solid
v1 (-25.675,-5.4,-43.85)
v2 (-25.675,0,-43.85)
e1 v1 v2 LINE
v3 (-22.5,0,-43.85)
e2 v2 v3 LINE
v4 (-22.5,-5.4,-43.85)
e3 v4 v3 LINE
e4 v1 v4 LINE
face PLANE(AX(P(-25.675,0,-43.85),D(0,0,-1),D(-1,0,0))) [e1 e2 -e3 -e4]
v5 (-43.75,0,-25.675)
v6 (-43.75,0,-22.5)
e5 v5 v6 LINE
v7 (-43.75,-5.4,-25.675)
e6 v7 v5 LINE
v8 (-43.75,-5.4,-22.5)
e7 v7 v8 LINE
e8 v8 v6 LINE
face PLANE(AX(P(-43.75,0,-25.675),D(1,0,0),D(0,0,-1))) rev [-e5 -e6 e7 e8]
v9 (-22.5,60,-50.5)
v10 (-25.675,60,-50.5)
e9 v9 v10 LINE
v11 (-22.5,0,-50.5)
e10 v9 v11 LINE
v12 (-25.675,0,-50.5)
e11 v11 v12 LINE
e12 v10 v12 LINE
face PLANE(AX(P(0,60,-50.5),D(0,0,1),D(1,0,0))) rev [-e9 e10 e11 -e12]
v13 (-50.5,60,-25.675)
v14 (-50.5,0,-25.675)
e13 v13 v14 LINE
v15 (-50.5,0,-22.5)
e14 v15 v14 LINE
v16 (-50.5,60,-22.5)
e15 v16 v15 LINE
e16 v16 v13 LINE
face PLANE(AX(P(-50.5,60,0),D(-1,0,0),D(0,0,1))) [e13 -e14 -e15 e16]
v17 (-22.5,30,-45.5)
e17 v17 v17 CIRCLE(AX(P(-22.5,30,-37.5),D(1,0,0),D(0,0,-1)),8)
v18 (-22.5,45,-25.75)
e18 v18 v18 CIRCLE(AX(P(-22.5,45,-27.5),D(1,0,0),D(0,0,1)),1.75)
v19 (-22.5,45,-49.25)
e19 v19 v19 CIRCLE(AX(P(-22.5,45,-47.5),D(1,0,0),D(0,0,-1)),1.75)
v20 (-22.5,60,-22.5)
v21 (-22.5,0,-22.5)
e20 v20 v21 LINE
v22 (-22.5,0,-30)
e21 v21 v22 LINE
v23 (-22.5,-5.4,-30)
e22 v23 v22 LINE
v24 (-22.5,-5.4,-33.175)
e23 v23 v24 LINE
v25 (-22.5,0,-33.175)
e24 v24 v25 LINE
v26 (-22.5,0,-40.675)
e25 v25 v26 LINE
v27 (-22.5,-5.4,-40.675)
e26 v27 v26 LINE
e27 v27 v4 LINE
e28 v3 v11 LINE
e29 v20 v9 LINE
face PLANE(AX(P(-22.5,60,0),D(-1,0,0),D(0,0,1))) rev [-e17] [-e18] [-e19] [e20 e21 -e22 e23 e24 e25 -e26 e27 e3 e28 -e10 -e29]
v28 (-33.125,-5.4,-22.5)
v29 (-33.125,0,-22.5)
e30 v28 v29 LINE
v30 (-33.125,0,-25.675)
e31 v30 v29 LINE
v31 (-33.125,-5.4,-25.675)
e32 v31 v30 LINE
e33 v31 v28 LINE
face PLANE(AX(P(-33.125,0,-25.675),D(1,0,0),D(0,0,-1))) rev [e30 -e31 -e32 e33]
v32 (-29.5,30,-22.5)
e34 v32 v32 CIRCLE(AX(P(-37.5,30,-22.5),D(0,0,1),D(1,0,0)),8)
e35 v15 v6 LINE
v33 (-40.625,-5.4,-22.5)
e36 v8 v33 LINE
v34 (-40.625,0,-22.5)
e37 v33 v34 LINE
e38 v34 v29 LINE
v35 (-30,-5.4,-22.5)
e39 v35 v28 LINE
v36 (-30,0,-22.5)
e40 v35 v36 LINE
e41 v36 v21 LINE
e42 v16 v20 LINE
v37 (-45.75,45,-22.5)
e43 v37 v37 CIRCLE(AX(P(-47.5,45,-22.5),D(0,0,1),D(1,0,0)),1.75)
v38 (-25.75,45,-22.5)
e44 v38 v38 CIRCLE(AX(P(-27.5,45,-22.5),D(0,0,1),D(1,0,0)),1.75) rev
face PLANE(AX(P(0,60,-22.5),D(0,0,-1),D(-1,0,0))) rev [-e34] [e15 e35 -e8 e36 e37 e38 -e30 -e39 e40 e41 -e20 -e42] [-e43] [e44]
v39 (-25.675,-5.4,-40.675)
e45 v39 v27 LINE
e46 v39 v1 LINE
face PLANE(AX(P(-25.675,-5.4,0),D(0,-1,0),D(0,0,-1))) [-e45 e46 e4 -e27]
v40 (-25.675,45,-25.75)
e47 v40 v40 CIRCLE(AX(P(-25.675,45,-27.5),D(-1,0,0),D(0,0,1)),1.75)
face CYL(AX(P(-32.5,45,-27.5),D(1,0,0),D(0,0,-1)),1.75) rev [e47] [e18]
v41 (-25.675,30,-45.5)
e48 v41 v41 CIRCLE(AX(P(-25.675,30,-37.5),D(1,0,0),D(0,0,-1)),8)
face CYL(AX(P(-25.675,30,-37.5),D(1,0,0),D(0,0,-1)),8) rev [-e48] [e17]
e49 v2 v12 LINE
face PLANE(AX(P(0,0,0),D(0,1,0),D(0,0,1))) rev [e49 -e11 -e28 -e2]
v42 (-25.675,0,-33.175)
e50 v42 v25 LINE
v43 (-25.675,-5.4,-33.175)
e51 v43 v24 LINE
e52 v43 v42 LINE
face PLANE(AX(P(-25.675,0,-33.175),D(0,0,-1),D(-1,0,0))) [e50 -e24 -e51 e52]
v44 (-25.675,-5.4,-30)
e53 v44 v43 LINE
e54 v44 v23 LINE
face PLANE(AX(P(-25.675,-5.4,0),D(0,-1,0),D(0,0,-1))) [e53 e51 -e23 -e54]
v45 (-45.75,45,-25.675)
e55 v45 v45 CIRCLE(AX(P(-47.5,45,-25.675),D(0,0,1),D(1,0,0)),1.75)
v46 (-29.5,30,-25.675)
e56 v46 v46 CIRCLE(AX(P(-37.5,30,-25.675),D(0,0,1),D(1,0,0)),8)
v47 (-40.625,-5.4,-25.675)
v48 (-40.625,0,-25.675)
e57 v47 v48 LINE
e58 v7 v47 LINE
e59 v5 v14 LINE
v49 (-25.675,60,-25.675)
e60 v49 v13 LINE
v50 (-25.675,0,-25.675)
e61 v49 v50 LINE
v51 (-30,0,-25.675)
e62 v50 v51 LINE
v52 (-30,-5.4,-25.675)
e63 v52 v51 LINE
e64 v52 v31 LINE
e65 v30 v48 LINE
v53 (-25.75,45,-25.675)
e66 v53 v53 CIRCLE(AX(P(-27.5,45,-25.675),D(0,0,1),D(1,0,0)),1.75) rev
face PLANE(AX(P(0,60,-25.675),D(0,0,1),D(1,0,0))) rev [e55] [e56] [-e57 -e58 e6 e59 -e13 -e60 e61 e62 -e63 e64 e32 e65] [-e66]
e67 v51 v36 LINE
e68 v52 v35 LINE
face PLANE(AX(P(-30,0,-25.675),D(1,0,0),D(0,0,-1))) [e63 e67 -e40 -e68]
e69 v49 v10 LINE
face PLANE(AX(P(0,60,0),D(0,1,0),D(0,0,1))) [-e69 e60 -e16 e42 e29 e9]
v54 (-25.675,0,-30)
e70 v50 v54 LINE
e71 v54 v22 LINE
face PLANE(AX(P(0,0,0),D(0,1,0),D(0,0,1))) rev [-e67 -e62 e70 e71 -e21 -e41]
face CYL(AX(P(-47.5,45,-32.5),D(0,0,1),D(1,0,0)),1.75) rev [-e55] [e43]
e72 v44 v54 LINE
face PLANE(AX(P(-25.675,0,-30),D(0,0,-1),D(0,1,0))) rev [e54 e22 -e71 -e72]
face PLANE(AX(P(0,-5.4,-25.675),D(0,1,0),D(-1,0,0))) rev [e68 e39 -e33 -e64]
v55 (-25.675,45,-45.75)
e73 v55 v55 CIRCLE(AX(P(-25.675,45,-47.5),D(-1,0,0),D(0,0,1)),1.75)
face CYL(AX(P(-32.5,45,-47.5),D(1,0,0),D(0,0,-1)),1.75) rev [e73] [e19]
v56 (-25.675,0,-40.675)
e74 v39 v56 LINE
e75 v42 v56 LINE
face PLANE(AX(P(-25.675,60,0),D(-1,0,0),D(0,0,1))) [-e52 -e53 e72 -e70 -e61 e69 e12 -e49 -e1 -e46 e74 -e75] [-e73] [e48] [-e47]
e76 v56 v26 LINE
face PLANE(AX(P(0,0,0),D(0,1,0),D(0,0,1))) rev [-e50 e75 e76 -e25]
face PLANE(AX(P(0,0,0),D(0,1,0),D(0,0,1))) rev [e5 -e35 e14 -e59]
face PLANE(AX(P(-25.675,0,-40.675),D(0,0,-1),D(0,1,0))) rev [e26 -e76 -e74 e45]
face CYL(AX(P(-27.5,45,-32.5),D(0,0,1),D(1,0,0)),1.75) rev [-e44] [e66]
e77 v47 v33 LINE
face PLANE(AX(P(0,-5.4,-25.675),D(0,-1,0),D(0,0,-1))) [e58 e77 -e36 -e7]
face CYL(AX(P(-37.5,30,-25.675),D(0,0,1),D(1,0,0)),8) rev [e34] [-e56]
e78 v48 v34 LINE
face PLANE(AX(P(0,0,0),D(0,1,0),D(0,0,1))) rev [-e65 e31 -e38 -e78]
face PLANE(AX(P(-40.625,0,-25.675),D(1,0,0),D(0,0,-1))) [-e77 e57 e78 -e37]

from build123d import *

# Parameters (mm, degrees)
SKETCH1_W           = 24.825
SKETCH1_H           = 3.175
SKETCH1_W_2         = 3.175
SKETCH1_H_2         = 24.825
BOSS_EXTRUDE1_DEPTH = 60
SKETCH2_W           = 3.125
SKETCH2_H           = 5.4
BOSS_EXTRUDE4_DEPTH = 3.175
SKETCH4_R           = 8
CUT_EXTRUDE1_DEPTH  = 3.175
SKETCH3_R           = 8
CUT_EXTRUDE2_DEPTH  = 3.175
SKETCH5_W           = 3.175
SKETCH5_H           = 5.4
BOSS_EXTRUDE5_DEPTH = 3.175
SKETCH6_R           = 1.75
CUT_EXTRUDE3_DEPTH  = 10
SKETCH7_R           = 1.75
CUT_EXTRUDE4_DEPTH  = 10


with BuildPart() as part:
    # Sketch1 → Boss-Extrude1 (new body)
    with BuildSketch(Plane(origin=(0, 0, 0), x_dir=(1, 0, 0), z_dir=(0, 1, 0))):
        with Locations((-38.0875, 24.0875)):
            Rectangle(SKETCH1_W, SKETCH1_H)
        with Locations((-24.0875, 24.0875)):
            Rectangle(SKETCH1_W_2, SKETCH1_H)
        with Locations((-24.0875, 38.0875)):
            Rectangle(SKETCH1_W_2, SKETCH1_H_2)
    extrude(amount=BOSS_EXTRUDE1_DEPTH)

    # Sketch2 → Boss-Extrude4 (add)
    with BuildSketch(Plane.XY.offset(-22.5)):
        with Locations((-42.1875, -2.7)):
            Rectangle(SKETCH2_W, SKETCH2_H)
        with Locations((-31.5625, -2.7)):
            Rectangle(SKETCH2_W, SKETCH2_H)
    extrude(amount=-BOSS_EXTRUDE4_DEPTH)

    # Sketch4 → Cut-Extrude1 (cut)
    with BuildSketch(Plane.XY.offset(-22.5)):
        with Locations((-37.5, 30)):
            Circle(SKETCH4_R)
    extrude(amount=-CUT_EXTRUDE1_DEPTH, mode=Mode.SUBTRACT)

    # Sketch3 → Cut-Extrude2 (cut)
    with BuildSketch(Plane(origin=(-22.5, 0, 0), x_dir=(0, 0, -1), z_dir=(1, 0, 0))):
        with Locations((37.5, 30)):
            Circle(SKETCH3_R)
    extrude(amount=-CUT_EXTRUDE2_DEPTH, mode=Mode.SUBTRACT)

    # Sketch5 → Boss-Extrude5 (add)
    with BuildSketch(Plane(origin=(-22.5, 0, 0), x_dir=(0, 0, -1), z_dir=(1, 0, 0))):
        with Locations((42.2625, -2.7)):
            Rectangle(SKETCH5_W, SKETCH5_H)
        with Locations((31.5875, -2.7)):
            Rectangle(SKETCH5_W, SKETCH5_H)
    extrude(amount=-BOSS_EXTRUDE5_DEPTH)

    # Sketch6 → Cut-Extrude3 (cut)
    with BuildSketch(Plane.XY.offset(-22.5)):
        with Locations((-47.5, 45)):
            Circle(SKETCH6_R)
        with Locations((-27.5, 45)):
            Circle(SKETCH6_R)
    extrude(amount=-CUT_EXTRUDE3_DEPTH, mode=Mode.SUBTRACT)

    # Sketch7 → Cut-Extrude4 (cut)
    with BuildSketch(Plane(origin=(-22.5, 0, 0), x_dir=(0, 0, -1), z_dir=(1, 0, 0))):
        with Locations((47.5, 45)):
            Circle(SKETCH7_R)
        with Locations((27.5, 45)):
            Circle(SKETCH7_R)
    extrude(amount=-CUT_EXTRUDE4_DEPTH, mode=Mode.SUBTRACT)


solid = part.part
